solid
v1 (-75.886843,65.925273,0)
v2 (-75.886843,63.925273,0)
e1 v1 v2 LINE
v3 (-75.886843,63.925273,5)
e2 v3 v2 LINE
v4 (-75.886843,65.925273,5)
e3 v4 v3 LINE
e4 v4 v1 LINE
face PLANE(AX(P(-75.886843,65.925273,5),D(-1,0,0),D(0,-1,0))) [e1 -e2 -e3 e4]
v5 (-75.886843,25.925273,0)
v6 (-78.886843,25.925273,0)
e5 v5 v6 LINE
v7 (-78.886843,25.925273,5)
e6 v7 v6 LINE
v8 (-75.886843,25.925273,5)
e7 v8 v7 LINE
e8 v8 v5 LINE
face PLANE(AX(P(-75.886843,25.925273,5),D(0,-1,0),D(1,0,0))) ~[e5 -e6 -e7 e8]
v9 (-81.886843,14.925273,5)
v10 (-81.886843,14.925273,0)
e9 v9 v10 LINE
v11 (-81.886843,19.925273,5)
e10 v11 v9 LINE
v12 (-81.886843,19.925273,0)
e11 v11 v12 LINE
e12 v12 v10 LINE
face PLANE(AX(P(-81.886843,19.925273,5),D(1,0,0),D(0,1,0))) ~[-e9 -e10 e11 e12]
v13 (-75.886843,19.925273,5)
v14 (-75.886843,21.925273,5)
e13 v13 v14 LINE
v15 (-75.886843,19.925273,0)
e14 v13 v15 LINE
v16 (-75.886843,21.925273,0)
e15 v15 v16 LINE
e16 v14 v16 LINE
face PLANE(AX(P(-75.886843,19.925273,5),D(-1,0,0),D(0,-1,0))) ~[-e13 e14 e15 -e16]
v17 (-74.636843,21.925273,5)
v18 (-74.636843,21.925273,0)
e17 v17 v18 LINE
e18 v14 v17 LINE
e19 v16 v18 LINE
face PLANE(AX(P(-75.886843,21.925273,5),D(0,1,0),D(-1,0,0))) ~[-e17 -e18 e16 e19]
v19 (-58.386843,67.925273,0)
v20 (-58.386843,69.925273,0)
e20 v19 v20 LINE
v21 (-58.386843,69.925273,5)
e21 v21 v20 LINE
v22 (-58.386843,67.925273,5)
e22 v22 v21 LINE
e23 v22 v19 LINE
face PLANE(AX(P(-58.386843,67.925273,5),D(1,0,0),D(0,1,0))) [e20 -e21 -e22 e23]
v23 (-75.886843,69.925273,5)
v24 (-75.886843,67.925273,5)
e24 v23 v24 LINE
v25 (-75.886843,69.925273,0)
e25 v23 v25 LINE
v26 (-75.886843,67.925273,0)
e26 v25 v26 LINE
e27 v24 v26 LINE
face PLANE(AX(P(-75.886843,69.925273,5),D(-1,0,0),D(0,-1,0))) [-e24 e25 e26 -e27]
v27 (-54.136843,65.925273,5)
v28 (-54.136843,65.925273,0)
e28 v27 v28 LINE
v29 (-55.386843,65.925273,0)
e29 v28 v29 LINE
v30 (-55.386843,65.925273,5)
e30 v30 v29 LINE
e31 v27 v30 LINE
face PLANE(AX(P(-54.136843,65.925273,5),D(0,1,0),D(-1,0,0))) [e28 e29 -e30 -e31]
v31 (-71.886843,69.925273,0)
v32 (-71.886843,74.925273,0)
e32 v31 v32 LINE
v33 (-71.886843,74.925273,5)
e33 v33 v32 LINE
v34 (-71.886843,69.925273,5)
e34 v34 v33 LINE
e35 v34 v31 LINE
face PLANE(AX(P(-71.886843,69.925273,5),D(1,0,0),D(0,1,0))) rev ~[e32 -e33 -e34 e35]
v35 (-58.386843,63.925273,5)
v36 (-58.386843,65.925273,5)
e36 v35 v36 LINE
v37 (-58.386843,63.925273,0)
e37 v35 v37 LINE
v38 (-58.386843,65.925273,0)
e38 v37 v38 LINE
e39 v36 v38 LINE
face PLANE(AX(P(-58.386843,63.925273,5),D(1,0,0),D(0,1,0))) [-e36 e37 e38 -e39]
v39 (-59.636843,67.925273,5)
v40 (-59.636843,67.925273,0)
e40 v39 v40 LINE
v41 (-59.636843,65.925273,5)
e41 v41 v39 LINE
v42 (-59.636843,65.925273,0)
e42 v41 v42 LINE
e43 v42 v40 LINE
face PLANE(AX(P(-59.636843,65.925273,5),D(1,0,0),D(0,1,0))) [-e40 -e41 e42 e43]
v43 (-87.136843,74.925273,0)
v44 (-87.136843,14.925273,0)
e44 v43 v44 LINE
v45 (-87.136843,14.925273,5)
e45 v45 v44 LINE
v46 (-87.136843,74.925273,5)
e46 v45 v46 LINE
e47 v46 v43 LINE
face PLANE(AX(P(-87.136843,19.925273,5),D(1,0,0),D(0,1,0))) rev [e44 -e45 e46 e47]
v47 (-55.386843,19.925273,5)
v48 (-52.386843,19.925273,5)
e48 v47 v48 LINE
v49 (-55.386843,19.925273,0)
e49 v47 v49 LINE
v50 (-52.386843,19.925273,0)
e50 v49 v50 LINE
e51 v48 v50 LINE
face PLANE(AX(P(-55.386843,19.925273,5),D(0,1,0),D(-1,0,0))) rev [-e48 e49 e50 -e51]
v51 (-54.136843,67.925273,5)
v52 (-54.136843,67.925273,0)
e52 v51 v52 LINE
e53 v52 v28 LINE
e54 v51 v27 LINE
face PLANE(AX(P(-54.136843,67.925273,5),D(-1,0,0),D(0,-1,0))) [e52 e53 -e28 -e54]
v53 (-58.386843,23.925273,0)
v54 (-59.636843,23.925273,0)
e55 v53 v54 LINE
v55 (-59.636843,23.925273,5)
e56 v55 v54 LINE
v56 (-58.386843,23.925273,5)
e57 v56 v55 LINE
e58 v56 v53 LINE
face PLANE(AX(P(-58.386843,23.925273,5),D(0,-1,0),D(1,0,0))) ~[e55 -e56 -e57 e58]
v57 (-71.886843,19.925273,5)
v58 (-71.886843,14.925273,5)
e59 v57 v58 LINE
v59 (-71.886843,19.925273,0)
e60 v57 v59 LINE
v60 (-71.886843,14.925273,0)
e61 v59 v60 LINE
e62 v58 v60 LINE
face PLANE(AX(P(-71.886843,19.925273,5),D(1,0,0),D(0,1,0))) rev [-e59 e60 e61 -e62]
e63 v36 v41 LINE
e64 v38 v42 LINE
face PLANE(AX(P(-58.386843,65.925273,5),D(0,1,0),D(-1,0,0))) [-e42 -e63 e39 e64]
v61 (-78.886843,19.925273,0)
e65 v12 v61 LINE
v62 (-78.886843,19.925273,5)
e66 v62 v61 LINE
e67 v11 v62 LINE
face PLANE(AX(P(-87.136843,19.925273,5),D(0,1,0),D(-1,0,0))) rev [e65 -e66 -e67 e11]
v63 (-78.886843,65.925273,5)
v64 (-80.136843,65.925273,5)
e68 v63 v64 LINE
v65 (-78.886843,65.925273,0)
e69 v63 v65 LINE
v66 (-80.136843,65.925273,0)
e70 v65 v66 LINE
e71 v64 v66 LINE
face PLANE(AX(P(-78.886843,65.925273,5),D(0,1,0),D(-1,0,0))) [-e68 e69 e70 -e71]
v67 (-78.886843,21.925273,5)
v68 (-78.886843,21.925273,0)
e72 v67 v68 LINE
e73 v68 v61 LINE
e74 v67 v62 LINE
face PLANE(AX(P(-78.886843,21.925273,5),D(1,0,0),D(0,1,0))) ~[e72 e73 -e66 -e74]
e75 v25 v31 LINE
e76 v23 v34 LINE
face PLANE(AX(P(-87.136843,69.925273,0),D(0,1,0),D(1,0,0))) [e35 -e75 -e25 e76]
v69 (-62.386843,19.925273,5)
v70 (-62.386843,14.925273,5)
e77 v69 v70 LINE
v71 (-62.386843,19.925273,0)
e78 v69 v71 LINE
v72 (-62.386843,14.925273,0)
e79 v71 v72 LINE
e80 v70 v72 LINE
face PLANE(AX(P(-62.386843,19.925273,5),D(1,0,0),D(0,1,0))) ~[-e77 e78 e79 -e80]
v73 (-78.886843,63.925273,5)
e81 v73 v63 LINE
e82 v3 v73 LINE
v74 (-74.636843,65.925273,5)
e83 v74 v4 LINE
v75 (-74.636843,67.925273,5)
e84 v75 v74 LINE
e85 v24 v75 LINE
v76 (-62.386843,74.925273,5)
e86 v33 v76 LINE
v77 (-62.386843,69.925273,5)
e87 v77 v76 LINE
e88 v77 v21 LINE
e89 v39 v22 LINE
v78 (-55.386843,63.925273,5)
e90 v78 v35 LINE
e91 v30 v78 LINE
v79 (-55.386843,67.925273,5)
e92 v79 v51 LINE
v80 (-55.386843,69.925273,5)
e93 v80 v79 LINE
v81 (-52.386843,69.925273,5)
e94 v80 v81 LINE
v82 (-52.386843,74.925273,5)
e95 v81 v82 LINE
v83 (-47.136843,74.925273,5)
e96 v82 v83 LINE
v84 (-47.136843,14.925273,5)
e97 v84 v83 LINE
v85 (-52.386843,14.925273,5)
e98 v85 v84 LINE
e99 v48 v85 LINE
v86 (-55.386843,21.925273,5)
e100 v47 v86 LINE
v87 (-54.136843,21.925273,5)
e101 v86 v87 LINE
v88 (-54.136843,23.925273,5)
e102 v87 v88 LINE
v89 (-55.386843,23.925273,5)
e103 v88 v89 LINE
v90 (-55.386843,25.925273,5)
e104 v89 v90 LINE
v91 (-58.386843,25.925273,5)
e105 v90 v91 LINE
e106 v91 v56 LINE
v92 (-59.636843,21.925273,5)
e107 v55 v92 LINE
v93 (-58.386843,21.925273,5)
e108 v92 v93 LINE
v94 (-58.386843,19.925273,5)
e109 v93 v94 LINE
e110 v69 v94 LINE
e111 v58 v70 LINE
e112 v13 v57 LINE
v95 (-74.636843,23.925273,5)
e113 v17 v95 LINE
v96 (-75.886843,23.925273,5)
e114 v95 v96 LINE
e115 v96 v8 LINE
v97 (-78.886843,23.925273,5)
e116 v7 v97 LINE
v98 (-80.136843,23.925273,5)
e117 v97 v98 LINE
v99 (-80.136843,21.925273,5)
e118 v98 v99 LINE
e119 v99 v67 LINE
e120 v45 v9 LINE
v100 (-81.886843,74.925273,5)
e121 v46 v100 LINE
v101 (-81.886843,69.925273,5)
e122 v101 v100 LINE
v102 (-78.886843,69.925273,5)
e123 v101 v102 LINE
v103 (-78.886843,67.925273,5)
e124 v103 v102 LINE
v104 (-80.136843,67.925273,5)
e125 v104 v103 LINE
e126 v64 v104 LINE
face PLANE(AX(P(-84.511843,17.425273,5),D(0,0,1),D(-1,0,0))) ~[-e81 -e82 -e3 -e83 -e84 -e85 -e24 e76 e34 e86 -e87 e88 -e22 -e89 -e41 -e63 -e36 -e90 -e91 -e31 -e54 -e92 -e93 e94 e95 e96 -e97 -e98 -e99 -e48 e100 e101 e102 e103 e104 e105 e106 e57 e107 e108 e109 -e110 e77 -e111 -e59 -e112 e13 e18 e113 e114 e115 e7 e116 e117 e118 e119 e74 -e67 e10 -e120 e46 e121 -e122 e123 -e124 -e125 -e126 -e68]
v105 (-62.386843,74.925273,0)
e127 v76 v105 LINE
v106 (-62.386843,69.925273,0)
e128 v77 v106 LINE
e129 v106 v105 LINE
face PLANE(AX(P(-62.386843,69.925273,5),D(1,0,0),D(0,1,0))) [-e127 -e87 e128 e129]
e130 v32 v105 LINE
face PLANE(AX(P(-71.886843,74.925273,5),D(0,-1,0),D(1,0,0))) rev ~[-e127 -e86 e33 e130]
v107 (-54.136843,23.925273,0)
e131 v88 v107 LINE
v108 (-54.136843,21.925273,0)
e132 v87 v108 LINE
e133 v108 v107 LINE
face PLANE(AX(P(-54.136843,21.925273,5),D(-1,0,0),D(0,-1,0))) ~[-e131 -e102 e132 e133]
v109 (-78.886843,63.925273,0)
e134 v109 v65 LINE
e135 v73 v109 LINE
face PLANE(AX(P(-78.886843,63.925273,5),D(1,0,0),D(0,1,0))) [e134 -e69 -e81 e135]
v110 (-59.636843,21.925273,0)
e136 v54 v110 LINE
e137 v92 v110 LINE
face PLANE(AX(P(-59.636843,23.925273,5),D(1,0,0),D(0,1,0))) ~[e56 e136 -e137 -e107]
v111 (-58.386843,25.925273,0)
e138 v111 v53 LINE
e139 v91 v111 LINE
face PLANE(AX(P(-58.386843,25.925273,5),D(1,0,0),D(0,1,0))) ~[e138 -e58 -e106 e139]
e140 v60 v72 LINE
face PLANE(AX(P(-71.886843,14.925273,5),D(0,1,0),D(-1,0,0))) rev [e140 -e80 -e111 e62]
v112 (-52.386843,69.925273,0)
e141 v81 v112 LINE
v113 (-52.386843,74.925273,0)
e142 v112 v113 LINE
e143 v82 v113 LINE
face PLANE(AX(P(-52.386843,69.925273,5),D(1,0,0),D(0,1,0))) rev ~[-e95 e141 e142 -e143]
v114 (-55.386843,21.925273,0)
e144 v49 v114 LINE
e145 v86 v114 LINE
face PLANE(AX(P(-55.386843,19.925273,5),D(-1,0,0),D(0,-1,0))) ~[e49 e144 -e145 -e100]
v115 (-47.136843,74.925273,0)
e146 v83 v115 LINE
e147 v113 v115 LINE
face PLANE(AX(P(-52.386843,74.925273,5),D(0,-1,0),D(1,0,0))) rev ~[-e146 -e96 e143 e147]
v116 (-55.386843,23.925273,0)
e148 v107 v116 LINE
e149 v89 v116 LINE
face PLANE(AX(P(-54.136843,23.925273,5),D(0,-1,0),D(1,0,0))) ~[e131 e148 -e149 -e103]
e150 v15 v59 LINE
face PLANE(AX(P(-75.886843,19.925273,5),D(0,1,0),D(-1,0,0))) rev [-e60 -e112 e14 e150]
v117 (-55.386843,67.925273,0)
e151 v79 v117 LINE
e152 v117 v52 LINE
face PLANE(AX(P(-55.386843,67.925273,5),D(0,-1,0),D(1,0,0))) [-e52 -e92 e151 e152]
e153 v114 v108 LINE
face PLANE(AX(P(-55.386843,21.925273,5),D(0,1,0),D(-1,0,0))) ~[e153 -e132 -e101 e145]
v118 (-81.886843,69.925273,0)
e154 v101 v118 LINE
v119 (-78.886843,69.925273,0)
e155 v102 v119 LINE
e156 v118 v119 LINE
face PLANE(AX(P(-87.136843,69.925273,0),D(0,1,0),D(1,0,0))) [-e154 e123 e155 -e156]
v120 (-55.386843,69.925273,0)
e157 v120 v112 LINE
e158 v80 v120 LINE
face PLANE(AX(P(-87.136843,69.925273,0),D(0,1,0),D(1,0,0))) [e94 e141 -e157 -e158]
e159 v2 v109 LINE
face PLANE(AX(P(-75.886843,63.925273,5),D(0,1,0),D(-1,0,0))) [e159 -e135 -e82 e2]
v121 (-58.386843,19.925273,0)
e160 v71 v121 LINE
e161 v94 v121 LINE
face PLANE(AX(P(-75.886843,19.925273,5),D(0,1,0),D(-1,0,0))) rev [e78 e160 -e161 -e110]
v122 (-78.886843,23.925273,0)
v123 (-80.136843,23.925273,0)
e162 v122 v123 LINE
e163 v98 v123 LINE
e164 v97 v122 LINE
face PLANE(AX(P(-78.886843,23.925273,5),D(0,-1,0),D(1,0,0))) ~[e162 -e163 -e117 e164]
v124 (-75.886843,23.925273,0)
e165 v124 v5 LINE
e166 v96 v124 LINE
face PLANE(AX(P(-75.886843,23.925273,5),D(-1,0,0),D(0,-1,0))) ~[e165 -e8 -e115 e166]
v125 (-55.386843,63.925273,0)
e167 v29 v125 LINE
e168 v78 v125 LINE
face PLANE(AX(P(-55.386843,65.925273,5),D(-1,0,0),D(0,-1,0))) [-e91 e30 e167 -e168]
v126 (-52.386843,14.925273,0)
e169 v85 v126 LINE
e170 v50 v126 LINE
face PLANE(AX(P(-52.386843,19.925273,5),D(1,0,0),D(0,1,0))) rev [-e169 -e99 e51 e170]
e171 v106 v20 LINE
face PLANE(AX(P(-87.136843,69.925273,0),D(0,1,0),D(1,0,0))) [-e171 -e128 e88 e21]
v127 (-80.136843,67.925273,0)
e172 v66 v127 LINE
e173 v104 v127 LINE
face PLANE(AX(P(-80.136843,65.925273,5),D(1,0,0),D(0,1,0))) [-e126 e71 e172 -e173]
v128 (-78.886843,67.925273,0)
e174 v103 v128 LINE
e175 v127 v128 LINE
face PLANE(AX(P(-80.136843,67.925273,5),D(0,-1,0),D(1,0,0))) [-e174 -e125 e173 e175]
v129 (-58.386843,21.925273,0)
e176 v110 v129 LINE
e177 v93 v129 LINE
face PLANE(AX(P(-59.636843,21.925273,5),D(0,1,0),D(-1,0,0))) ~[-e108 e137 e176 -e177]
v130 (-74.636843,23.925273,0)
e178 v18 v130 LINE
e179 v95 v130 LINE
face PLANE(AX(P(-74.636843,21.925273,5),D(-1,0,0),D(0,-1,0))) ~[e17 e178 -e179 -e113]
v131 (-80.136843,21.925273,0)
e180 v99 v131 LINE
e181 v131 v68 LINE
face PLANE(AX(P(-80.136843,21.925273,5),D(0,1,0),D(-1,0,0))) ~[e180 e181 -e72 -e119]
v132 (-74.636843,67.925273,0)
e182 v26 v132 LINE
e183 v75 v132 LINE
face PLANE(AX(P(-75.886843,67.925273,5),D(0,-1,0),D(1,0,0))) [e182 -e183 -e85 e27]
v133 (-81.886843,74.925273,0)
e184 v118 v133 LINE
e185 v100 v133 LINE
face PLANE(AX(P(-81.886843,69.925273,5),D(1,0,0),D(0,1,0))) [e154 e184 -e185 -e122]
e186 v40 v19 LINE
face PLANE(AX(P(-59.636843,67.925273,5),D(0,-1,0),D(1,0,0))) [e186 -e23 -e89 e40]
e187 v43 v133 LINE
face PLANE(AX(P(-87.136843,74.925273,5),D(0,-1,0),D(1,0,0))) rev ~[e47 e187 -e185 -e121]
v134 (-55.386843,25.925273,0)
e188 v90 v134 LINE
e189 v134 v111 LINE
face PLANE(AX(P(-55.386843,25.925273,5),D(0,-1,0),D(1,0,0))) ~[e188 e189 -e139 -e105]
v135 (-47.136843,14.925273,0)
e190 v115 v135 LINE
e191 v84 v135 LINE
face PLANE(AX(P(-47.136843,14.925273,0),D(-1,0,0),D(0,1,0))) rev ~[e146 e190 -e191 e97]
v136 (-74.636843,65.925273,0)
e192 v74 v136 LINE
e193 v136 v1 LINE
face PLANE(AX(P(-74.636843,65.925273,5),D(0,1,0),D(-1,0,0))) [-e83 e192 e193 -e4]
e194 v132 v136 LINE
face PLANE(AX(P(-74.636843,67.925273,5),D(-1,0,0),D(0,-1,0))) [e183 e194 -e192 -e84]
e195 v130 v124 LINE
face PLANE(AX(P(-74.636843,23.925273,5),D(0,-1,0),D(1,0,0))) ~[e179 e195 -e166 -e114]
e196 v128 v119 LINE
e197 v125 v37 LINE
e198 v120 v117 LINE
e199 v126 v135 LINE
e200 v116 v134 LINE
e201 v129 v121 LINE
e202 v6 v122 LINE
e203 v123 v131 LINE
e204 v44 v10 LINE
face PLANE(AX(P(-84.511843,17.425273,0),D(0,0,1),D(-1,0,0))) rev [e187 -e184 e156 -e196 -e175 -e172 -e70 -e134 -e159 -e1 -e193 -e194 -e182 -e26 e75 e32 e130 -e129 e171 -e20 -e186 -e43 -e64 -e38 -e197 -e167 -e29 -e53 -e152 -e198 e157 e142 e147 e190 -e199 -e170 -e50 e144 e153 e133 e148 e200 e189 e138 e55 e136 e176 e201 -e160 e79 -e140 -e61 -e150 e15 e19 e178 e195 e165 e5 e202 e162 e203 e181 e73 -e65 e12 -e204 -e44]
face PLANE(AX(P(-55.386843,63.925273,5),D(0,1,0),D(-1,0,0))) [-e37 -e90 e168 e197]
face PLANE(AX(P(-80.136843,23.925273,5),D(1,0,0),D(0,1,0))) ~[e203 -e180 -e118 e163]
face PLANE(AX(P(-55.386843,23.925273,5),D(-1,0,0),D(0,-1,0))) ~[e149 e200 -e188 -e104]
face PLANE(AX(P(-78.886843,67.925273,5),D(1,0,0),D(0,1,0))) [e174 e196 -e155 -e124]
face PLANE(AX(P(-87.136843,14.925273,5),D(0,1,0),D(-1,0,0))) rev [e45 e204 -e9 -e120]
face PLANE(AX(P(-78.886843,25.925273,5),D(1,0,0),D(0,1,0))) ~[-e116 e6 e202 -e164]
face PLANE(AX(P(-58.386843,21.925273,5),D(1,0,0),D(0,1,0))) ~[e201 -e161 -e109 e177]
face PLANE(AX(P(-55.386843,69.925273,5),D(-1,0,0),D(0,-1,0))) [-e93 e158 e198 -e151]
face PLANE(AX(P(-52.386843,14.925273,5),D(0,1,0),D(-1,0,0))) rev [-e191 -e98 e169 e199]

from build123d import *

# Parameters (mm, degrees)
SKETCH1_W           = 40
SKETCH1_H           = 55
BOSS_EXTRUDE1_DEPTH = 5
SKETCH2_OUTSIDE_W   = 55.638
SKETCH2_OUTSIDE_H   = 70.638
CUT_EXTRUDE1_DEPTH  = 10
SKETCH2_3_W         = 5.25
SKETCH2_3_H         = 5
SKETCH2_3_W_2       = 9.5
BOSS_EXTRUDE2_DEPTH = 5


with BuildPart() as part:
    # Sketch1 → Boss-Extrude1 (new body)
    with BuildSketch(Plane.XY):
        with Locations((-67.136843489, 42.42527276)):
            Rectangle(SKETCH1_W, SKETCH1_H)
    extrude(amount=BOSS_EXTRUDE1_DEPTH)

    # Sketch2 outside → Cut-Extrude1 (cut)
    with BuildSketch(Plane.XY.offset(5)):
        with Locations((-67.137, 42.425)):
            Rectangle(SKETCH2_OUTSIDE_W, SKETCH2_OUTSIDE_H)
        Polygon((-75.886843489, 63.92527276), (-78.886843489, 63.92527276), (-78.886843489, 65.92527276), (-80.136843489, 65.92527276), (-80.136843489, 67.92527276), (-78.886843489, 67.92527276), (-78.886843489, 69.92527276), (-81.886843489, 69.92527276), (-87.136843489, 69.92527276), (-87.136843489, 14.92527276), (-47.136843489, 14.92527276), (-47.136843489, 69.92527276), (-52.386843489, 69.92527276), (-55.386843489, 69.92527276), (-55.386843489, 67.92527276), (-54.136843489, 67.92527276), (-54.136843489, 65.92527276), (-55.386843489, 65.92527276), (-55.386843489, 63.92527276), (-58.386843489, 63.92527276), (-58.386843489, 65.92527276), (-59.636843489, 65.92527276), (-59.636843489, 67.92527276), (-58.386843489, 67.92527276), (-58.386843489, 69.92527276), (-62.386843489, 69.92527276), (-71.886843489, 69.92527276), (-75.886843489, 69.92527276), (-75.886843489, 67.92527276), (-74.636843489, 67.92527276), (-74.636843489, 65.92527276), (-75.886843489, 65.92527276), align=None, mode=Mode.SUBTRACT)
    cut_extrude1 = extrude(amount=-CUT_EXTRUDE1_DEPTH, mode=Mode.SUBTRACT)

    # Sketch2<3> → Boss-Extrude2 (add)
    with BuildSketch(Plane.XY.offset(5)):
        with Locations((-84.511843489, 72.42527276)):
            Rectangle(SKETCH2_3_W, SKETCH2_3_H)
        with Locations((-67.136843489, 72.42527276)):
            Rectangle(SKETCH2_3_W_2, SKETCH2_3_H)
        with Locations((-49.761843489, 72.42527276)):
            Rectangle(SKETCH2_3_W, SKETCH2_3_H)
    boss_extrude2 = extrude(amount=-BOSS_EXTRUDE2_DEPTH)

    # Mirror1: Cut-Extrude1, Boss-Extrude2 across plane
    add(cut_extrude1.mirror(Plane.ZX.offset(44.92527276)), mode=Mode.SUBTRACT)
    add(boss_extrude2.mirror(Plane.ZX.offset(44.92527276)))


solid = part.part
